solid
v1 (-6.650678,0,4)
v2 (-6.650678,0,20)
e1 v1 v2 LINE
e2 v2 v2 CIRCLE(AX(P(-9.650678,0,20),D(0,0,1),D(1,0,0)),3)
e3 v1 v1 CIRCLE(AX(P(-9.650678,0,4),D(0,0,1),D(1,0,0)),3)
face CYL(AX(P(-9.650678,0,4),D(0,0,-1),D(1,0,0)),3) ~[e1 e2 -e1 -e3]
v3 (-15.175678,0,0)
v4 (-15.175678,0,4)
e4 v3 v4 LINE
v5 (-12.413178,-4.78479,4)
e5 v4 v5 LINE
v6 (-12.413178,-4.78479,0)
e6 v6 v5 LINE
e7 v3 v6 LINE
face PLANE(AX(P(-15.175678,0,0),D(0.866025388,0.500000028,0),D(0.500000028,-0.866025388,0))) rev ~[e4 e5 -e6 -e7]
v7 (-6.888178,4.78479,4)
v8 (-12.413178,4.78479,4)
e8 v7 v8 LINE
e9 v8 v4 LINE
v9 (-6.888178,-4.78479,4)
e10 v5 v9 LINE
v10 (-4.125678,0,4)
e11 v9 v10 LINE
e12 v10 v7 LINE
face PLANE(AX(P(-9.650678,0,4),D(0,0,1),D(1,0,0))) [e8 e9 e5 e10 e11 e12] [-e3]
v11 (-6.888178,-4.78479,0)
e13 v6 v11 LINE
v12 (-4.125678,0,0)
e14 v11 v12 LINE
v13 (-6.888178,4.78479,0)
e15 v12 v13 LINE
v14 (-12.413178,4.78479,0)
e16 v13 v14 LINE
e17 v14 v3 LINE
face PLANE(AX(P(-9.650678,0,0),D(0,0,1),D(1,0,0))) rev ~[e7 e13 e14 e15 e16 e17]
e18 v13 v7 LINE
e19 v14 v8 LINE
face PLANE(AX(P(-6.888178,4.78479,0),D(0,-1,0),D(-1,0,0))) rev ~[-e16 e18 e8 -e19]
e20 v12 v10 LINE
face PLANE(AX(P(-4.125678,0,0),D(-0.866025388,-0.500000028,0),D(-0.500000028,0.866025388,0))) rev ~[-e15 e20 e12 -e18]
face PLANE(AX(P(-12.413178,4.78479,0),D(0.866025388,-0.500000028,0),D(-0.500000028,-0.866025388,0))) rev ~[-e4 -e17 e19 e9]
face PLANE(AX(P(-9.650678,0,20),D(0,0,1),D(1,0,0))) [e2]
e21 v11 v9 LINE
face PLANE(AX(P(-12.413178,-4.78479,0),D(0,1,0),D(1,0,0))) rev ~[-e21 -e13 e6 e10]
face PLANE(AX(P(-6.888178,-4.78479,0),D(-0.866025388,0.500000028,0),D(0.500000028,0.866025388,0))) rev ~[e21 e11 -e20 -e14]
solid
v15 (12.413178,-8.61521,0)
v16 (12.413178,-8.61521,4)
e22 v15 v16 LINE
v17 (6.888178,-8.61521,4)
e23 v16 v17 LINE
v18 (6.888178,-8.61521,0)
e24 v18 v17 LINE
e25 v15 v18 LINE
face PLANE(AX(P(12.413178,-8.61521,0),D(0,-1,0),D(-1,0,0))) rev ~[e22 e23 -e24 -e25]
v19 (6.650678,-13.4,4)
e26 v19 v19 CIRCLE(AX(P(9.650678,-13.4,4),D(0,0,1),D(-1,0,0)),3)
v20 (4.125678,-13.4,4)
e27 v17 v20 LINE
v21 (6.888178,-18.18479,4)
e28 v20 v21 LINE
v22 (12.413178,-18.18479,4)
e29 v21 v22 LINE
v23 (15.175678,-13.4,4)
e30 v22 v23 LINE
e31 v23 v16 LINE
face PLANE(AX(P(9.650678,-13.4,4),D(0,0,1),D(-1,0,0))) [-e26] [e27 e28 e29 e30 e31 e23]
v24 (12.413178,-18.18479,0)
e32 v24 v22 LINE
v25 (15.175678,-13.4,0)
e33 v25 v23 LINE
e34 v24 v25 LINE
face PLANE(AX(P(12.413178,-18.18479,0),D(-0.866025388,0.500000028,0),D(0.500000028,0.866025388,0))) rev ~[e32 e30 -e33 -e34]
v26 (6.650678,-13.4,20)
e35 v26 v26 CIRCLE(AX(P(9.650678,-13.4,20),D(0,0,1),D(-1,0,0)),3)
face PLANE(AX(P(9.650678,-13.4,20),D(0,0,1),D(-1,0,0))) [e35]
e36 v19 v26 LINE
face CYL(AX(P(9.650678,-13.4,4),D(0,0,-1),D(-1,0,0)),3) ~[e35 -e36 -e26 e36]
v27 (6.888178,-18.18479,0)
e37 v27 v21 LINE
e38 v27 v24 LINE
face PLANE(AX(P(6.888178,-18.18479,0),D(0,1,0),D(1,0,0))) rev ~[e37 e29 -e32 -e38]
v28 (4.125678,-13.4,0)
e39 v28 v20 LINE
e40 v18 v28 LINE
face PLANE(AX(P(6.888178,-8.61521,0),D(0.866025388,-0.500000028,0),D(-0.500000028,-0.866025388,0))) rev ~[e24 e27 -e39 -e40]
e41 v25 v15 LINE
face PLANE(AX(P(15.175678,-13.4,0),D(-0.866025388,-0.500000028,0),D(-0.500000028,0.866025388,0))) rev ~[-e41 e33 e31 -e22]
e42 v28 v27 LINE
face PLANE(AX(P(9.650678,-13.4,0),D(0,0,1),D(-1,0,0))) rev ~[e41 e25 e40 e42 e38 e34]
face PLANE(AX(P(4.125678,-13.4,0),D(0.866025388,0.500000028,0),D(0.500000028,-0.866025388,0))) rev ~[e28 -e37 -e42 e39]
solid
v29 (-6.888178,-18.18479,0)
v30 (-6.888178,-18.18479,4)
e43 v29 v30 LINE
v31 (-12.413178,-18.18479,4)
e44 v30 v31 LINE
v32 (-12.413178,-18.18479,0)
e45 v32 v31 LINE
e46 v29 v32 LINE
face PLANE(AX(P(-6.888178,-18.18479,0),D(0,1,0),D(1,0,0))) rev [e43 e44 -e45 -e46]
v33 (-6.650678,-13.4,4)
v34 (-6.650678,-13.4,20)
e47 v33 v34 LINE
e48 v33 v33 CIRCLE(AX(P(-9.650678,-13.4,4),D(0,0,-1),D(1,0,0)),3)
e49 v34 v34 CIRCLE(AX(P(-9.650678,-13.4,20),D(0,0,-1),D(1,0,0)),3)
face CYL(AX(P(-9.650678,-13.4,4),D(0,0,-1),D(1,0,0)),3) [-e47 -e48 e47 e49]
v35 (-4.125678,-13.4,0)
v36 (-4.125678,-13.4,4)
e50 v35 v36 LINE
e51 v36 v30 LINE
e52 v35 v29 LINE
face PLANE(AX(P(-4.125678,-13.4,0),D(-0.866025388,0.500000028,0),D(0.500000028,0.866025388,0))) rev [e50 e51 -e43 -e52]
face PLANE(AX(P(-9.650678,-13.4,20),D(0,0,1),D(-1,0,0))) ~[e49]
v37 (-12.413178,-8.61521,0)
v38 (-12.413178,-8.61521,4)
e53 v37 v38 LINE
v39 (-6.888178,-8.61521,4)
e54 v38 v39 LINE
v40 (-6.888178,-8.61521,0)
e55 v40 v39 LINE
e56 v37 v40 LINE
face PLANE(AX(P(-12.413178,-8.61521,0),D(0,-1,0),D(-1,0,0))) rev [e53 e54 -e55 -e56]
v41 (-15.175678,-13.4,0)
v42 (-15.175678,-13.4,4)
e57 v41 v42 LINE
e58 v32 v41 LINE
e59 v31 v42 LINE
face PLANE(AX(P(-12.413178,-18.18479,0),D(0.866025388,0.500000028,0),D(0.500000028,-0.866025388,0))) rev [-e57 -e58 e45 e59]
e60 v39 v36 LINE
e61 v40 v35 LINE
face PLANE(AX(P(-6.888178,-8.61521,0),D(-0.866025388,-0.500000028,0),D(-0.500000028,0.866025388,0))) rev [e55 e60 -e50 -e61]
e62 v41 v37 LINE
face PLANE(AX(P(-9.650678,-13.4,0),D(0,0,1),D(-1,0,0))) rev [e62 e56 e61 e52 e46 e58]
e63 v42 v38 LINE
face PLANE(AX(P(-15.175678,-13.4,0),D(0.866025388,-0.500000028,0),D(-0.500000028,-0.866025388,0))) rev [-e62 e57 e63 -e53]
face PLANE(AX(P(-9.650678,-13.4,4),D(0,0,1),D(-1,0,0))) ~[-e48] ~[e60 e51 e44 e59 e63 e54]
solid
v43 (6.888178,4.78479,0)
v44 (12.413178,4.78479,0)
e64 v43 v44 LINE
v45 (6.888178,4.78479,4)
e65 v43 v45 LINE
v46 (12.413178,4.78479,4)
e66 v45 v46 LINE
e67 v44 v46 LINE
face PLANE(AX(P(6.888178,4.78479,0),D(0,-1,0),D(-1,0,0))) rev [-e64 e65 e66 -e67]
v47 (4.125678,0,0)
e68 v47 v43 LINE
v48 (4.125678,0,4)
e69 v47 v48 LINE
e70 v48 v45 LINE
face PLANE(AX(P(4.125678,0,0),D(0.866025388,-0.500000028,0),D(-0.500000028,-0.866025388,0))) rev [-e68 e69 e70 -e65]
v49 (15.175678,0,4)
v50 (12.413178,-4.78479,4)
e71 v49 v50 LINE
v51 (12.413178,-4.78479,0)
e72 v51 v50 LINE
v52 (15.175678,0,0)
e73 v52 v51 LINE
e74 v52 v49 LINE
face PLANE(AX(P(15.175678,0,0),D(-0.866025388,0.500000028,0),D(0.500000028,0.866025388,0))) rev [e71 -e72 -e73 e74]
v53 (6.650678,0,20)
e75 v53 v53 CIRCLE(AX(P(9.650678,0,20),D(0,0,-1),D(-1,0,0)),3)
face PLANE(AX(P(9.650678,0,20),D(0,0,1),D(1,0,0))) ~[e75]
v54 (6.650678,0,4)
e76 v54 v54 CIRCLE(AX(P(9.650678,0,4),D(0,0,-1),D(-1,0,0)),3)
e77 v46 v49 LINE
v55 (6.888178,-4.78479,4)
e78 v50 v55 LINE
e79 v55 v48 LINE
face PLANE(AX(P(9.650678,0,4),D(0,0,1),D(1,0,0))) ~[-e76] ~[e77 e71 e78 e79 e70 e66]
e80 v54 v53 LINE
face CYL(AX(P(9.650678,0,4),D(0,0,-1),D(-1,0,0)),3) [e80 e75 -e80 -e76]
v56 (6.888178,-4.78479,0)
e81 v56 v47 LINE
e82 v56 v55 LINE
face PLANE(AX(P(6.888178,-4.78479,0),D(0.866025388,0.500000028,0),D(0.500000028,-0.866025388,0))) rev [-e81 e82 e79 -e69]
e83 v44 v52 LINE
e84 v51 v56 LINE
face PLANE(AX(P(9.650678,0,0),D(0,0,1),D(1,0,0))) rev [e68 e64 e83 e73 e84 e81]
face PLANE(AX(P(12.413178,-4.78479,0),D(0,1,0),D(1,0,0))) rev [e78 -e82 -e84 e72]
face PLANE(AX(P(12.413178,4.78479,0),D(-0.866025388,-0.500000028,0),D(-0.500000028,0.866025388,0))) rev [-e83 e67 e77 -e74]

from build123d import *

# Parameters (mm, degrees)
F1_DEPTH = 4
F2_R     = 3
F3_DEPTH = 16


with BuildPart() as f1:
    # F0 (on Top) → F1 (new body)
    with BuildSketch(Plane.XY):
        Polygon((-6.888178, 4.78479), (-12.413178, 4.78479), (-15.175678, 0), (-12.413178, -4.78479), (-6.888178, -4.78479), (-4.125678, 0), align=None)
    extrude(amount=F1_DEPTH)

    # F2 (on face) → F3 (join)
    with BuildSketch(Plane.XY.offset(4)):
        with Locations((-9.650678, 0)):
            Circle(F2_R)
    extrude(amount=F3_DEPTH)


with BuildPart() as f4_1:
    # F4: instance of F1
    add(f1.part.mirror(Plane.YZ))


with BuildPart() as f6_1:
    # F6: instance of F1
    add(f1.part.mirror(Plane.XZ.offset(6.7)))


with BuildPart() as f6_2:
    # F6: instance of F4_1
    add(f4_1.part.mirror(Plane.XZ.offset(6.7)))


solid = Compound([f1.part, f4_1.part, f6_1.part, f6_2.part])
